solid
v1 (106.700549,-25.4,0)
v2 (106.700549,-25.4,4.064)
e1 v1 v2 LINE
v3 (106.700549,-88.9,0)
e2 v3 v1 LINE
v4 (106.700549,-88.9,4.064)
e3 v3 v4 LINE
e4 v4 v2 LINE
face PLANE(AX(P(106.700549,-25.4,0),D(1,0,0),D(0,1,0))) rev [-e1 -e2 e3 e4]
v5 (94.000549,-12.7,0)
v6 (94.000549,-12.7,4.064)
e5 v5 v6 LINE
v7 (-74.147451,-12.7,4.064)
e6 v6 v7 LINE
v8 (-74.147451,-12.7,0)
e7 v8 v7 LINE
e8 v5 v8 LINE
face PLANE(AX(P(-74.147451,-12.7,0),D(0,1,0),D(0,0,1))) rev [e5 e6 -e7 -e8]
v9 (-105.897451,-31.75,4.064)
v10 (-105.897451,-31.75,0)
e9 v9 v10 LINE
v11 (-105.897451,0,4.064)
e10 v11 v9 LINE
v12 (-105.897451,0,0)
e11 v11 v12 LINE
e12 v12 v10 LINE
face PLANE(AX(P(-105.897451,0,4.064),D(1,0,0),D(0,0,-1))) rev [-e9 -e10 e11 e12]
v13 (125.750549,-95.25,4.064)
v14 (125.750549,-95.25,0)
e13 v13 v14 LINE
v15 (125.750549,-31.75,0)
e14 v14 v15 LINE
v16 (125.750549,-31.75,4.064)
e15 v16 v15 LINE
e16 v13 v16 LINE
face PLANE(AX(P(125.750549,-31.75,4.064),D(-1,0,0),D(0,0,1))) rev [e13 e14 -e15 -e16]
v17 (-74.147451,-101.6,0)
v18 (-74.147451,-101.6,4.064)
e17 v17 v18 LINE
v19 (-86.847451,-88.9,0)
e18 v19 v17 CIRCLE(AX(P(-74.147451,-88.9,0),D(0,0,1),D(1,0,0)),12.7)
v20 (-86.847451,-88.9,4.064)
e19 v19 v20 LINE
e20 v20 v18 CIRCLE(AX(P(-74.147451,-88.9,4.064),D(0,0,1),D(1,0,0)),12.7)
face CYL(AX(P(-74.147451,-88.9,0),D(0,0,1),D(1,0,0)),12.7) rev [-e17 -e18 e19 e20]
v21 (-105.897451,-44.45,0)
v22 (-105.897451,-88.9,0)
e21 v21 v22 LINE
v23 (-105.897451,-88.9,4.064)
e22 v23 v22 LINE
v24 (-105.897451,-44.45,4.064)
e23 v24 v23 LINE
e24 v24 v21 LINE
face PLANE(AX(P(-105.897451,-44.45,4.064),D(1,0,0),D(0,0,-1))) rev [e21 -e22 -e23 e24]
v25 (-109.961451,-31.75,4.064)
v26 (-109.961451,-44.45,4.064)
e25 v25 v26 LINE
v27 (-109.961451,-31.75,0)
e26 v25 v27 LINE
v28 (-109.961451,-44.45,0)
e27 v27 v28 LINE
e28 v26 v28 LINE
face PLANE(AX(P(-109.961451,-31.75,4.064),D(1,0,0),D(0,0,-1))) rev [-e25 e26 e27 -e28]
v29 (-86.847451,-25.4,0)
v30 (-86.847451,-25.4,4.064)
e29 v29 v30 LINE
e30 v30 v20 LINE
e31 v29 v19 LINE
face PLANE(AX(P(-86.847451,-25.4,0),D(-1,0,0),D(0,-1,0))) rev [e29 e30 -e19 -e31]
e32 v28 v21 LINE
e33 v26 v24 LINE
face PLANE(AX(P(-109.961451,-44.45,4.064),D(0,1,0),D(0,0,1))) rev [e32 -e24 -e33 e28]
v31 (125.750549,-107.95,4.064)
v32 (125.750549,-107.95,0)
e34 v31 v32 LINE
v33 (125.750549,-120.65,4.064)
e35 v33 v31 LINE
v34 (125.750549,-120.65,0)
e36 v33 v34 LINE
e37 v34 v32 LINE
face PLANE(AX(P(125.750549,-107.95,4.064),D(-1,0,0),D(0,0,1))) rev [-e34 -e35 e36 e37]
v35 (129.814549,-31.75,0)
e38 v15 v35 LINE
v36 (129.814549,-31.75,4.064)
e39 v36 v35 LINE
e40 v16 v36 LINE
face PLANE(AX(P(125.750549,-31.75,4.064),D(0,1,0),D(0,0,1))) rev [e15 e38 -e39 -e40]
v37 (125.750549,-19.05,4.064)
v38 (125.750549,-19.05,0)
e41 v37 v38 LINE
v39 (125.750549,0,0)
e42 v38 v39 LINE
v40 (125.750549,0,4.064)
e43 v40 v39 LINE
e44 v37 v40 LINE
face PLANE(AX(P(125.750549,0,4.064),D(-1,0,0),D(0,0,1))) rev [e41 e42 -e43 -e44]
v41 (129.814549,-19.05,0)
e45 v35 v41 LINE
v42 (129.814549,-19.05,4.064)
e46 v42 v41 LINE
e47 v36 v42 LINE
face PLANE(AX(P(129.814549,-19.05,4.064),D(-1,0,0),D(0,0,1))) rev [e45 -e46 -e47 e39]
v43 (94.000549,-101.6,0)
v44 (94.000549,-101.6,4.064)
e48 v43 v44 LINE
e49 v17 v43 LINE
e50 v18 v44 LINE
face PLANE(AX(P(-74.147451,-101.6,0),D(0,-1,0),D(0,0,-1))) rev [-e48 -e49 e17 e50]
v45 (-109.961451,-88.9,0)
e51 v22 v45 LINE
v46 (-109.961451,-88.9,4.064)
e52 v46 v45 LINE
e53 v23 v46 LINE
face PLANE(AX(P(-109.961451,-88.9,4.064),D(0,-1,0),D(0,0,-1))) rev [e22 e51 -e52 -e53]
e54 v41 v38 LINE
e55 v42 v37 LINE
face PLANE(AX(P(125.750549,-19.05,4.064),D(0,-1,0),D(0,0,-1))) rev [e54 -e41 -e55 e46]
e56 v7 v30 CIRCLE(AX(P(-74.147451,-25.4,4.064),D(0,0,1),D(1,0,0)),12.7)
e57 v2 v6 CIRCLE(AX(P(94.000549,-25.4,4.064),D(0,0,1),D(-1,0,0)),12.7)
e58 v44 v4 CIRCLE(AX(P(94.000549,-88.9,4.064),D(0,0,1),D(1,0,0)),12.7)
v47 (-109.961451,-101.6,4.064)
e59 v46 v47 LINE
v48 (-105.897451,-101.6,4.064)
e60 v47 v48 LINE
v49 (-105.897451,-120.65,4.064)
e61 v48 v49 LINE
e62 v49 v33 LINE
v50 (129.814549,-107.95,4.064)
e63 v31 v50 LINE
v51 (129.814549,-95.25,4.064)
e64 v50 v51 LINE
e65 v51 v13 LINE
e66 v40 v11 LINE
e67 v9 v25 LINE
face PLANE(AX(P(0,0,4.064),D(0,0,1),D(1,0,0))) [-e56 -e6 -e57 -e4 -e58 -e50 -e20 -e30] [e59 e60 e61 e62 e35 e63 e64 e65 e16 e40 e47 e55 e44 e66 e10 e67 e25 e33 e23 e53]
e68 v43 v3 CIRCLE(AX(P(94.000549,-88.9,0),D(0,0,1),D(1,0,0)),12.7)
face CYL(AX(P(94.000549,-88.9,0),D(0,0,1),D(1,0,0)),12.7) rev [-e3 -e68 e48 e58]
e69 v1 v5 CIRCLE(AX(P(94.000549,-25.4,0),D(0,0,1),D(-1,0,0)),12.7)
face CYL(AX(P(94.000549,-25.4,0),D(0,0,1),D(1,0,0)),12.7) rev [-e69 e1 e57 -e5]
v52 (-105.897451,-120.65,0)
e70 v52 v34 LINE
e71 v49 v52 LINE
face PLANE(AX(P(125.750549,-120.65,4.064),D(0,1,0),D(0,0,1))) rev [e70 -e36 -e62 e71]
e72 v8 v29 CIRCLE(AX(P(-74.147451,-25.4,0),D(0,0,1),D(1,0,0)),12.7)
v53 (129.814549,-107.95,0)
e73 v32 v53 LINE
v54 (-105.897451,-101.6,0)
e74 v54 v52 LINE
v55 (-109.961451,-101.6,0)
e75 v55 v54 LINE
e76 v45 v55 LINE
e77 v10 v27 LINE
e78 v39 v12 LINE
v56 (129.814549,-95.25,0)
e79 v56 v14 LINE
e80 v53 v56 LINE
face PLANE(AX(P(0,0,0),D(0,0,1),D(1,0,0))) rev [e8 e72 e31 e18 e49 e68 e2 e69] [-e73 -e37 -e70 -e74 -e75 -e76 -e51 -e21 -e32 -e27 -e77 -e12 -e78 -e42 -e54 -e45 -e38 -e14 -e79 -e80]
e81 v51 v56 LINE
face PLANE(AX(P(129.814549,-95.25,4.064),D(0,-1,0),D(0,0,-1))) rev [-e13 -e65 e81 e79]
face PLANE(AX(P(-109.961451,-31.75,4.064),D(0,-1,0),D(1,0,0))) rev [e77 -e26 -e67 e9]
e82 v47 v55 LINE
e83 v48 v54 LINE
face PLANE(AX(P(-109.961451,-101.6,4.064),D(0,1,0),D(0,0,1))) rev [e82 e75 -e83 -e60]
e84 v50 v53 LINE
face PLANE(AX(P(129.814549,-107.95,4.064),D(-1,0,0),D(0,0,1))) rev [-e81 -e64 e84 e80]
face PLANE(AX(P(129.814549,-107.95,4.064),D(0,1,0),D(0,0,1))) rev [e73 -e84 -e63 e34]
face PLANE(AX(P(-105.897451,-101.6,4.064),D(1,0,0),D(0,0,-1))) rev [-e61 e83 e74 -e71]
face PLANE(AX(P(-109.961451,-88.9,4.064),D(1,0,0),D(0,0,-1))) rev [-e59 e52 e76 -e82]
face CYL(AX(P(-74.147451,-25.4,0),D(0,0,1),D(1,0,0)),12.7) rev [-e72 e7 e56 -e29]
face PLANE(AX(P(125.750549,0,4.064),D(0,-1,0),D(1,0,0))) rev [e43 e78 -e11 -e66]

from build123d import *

# Parameters (mm, degrees)
BOSS_EXTRUDE1_DEPTH = 4.064
CUT_EXTRUDE1_DEPTH  = 5.064


with BuildPart() as part:
    # Sketch1 → Boss-Extrude1 (new body)
    with BuildSketch(Plane.XY):
        Polygon((125.750548905, 0), (-105.897451095, 0), (-105.897451095, -31.75), (-109.961451095, -31.75), (-109.961451095, -44.45), (-105.897451095, -44.45), (-105.897451095, -88.9), (-109.961451095, -88.9), (-109.961451095, -101.6), (-105.897451095, -101.6), (-105.897451095, -120.65), (125.750548905, -120.65), (125.750548905, -107.95), (129.814548905, -107.95), (129.814548905, -95.25), (125.750548905, -95.25), (125.750548905, -31.75), (129.814548905, -31.75), (129.814548905, -19.05), (125.750548905, -19.05), align=None)
    extrude(amount=BOSS_EXTRUDE1_DEPTH)

    # Sketch2 → Cut-Extrude1 (cut, through all)
    with BuildSketch(Plane.XY.offset(4.064)):
        with BuildLine():
            Line((-74.147451095, -12.7), (94.000548905, -12.7))
            ThreePointArc((94.000548905, -12.7), (102.980805026, -16.419743879), (106.700548905, -25.4))
            Line((106.700548905, -25.4), (106.700548905, -88.9))
            ThreePointArc((106.700548905, -88.9), (102.980805026, -97.880256121), (94.000548905, -101.6))
            Line((94.000548905, -101.6), (-74.147451095, -101.6))
            ThreePointArc((-74.147451095, -101.6), (-83.127707216, -97.880256121), (-86.847451095, -88.9))
            Line((-86.847451095, -88.9), (-86.847451095, -25.4))
            ThreePointArc((-86.847451095, -25.4), (-83.127707216, -16.419743879), (-74.147451095, -12.7))
        make_face()
    extrude(amount=-CUT_EXTRUDE1_DEPTH, mode=Mode.SUBTRACT)


solid = part.part
